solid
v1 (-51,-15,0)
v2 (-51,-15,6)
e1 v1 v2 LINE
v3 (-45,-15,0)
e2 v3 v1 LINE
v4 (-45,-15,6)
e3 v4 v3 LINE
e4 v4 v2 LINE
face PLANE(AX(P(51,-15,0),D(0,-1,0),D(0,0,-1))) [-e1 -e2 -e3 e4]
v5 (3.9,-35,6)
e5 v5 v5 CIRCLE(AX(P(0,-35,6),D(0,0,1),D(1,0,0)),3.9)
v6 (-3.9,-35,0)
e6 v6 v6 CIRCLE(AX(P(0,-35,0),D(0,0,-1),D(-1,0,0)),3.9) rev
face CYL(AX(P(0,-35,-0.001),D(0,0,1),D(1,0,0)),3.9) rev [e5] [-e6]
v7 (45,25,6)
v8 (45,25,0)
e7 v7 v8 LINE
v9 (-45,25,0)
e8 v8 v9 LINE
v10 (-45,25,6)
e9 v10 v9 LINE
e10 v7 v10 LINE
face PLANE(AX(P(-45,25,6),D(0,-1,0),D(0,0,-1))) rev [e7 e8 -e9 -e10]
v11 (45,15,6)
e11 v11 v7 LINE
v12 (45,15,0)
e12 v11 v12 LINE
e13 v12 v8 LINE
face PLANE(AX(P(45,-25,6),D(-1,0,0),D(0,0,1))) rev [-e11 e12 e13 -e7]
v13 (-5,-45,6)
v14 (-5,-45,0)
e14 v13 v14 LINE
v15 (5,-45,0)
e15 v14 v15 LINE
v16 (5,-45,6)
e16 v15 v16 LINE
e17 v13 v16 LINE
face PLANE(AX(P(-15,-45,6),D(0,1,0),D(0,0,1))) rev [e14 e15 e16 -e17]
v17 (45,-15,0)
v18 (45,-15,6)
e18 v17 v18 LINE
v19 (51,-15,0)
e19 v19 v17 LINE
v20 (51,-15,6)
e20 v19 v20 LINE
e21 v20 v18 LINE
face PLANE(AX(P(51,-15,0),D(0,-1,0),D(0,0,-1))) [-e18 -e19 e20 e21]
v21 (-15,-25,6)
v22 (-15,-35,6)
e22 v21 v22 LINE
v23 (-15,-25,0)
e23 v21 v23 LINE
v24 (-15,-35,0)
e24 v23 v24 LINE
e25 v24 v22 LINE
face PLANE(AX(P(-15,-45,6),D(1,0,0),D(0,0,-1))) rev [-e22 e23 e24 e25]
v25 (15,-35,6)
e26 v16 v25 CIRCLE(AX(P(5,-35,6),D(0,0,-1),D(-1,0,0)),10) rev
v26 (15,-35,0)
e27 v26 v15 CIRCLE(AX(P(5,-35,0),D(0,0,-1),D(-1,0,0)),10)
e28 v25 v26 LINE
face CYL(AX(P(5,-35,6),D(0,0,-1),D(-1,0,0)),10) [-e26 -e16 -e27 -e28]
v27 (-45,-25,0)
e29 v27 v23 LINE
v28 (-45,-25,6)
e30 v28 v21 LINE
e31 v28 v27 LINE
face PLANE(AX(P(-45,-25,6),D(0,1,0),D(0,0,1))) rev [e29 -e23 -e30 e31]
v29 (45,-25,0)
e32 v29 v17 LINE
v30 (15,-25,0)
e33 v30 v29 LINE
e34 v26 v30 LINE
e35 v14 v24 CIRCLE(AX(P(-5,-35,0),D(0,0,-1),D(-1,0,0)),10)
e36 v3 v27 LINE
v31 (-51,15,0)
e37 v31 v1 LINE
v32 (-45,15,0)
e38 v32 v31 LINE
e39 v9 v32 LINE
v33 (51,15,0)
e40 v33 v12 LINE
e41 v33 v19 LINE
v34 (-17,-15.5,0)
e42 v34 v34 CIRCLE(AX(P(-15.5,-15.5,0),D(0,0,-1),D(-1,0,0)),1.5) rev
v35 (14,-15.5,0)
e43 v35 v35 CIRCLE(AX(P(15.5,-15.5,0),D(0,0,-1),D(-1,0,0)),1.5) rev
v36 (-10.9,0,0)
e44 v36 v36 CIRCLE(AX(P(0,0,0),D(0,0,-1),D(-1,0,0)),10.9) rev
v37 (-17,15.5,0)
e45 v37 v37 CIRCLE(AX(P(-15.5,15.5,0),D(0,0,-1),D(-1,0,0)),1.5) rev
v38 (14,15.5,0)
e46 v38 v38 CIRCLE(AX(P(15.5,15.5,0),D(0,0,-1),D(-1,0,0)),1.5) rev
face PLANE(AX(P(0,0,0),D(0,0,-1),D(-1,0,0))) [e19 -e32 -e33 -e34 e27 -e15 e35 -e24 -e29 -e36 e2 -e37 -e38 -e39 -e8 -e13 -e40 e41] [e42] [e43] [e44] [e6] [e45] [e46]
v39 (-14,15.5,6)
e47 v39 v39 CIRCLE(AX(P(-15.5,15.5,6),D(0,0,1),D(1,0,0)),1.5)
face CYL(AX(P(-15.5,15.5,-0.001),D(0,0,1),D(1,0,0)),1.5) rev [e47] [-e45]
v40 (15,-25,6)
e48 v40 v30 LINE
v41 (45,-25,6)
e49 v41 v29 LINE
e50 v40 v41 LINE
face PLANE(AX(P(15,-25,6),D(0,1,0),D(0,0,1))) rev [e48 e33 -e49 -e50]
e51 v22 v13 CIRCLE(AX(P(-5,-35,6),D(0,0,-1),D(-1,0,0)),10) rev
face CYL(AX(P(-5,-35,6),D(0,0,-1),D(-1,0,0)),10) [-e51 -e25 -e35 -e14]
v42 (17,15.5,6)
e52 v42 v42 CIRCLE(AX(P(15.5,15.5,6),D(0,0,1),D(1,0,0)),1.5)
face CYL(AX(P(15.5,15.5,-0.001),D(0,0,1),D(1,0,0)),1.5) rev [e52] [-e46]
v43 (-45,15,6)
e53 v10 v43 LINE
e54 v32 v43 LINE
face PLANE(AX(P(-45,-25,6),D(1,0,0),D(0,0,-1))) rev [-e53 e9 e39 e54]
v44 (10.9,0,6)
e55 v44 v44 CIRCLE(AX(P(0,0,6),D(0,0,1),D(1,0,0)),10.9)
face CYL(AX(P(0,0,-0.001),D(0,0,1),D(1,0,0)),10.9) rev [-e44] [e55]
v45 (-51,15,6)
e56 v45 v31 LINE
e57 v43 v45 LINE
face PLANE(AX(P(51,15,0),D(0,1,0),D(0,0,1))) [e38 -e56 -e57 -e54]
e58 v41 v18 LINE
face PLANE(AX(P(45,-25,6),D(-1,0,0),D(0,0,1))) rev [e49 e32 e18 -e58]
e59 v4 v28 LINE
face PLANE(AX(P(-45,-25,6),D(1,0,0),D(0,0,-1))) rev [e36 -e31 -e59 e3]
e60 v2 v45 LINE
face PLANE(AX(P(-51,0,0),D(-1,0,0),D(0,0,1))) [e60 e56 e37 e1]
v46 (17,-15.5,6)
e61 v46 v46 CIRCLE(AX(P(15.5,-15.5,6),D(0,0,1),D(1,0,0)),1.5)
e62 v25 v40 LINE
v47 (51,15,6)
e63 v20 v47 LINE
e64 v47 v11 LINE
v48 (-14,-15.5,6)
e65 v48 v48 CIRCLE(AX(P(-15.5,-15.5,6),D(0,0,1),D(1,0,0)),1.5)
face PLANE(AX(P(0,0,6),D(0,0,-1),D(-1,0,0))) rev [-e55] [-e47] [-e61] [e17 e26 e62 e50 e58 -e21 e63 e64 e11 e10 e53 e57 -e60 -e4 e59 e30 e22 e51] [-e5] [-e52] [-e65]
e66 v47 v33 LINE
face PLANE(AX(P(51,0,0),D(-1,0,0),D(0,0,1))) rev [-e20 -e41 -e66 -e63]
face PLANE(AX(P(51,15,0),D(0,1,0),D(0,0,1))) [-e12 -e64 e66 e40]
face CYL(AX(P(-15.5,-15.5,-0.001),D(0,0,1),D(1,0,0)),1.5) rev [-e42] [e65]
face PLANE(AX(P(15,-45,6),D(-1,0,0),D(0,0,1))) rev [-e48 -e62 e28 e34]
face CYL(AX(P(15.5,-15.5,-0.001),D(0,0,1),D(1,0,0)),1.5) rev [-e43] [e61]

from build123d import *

# Parameters (mm, degrees)
SALIENTE_EXTRUIR1_DEPTH      = 6
CROQUIS2_W                   = 6
CROQUIS2_H                   = 30
SALIENTE_EXTRUIR2_DEPTH      = 6
SALIENTE_EXTRUIR2_DEPTH_BACK = 96
CORTAR_EXTRUIR1_REACH        = 8
CROQUIS3_R                   = 1.5
CROQUIS3_R_2                 = 10.9
CROQUIS3_R_3                 = 3.9
REDONDEO2_R                  = 10


with BuildPart() as part:
    # Croquis1 → Saliente-Extruir1 (new body)
    with BuildSketch(Plane.XY):
        Polygon((15, -25), (45, -25), (45, 25), (-45, 25), (-45, -25), (-15, -25), (-15, -45), (15, -45), align=None)
    extrude(amount=SALIENTE_EXTRUIR1_DEPTH)

    # Croquis2 → Saliente-Extruir2 (add, two sides)
    with BuildSketch(Plane.ZY.offset(45)) as saliente_extruir2_sk:
        with Locations((3, 0)):
            Rectangle(CROQUIS2_W, CROQUIS2_H)
    extrude(amount=SALIENTE_EXTRUIR2_DEPTH)
    extrude(saliente_extruir2_sk.sketch, amount=-SALIENTE_EXTRUIR2_DEPTH_BACK)

    # Croquis3 → Cortar-Extruir1 (cut, up to next)
    with BuildSketch(Plane.XY.offset(6), mode=Mode.PRIVATE) as cortar_extruir1_sk1:
        with Locations((-15.5, 15.5)):
            Circle(CROQUIS3_R)
    cortar_extruir1_tool1 = extrude(cortar_extruir1_sk1.sketch, amount=-CORTAR_EXTRUIR1_REACH, mode=Mode.PRIVATE) & part.part
    add(cortar_extruir1_tool1.solids().sort_by_distance((-15.5, 15.5, 6))[0], mode=Mode.SUBTRACT)
    # Croquis3 → Cortar-Extruir1 (cut, up to next)
    with BuildSketch(Plane.XY.offset(6), mode=Mode.PRIVATE) as cortar_extruir1_sk2:
        with Locations((15.5, 15.5)):
            Circle(CROQUIS3_R)
    cortar_extruir1_tool2 = extrude(cortar_extruir1_sk2.sketch, amount=-CORTAR_EXTRUIR1_REACH, mode=Mode.PRIVATE) & part.part
    add(cortar_extruir1_tool2.solids().sort_by_distance((15.5, 15.5, 6))[0], mode=Mode.SUBTRACT)
    # Croquis3 → Cortar-Extruir1 (cut, up to next)
    with BuildSketch(Plane.XY.offset(6), mode=Mode.PRIVATE) as cortar_extruir1_sk3:
        with Locations((15.5, -15.5)):
            Circle(CROQUIS3_R)
    cortar_extruir1_tool3 = extrude(cortar_extruir1_sk3.sketch, amount=-CORTAR_EXTRUIR1_REACH, mode=Mode.PRIVATE) & part.part
    add(cortar_extruir1_tool3.solids().sort_by_distance((15.5, -15.5, 6))[0], mode=Mode.SUBTRACT)
    # Croquis3 → Cortar-Extruir1 (cut, up to next)
    with BuildSketch(Plane.XY.offset(6), mode=Mode.PRIVATE) as cortar_extruir1_sk4:
        with Locations((-15.5, -15.5)):
            Circle(CROQUIS3_R)
    cortar_extruir1_tool4 = extrude(cortar_extruir1_sk4.sketch, amount=-CORTAR_EXTRUIR1_REACH, mode=Mode.PRIVATE) & part.part
    add(cortar_extruir1_tool4.solids().sort_by_distance((-15.5, -15.5, 6))[0], mode=Mode.SUBTRACT)
    # Croquis3 → Cortar-Extruir1 (cut, up to next)
    with BuildSketch(Plane.XY.offset(6), mode=Mode.PRIVATE) as cortar_extruir1_sk5:
        Circle(CROQUIS3_R_2)
    cortar_extruir1_tool5 = extrude(cortar_extruir1_sk5.sketch, amount=-CORTAR_EXTRUIR1_REACH, mode=Mode.PRIVATE) & part.part
    add(cortar_extruir1_tool5.solids().sort_by_distance((0, 0, 6))[0], mode=Mode.SUBTRACT)
    # Croquis3 → Cortar-Extruir1 (cut, up to next)
    with BuildSketch(Plane.XY.offset(6), mode=Mode.PRIVATE) as cortar_extruir1_sk6:
        with Locations((0, -35)):
            Circle(CROQUIS3_R_3)
    cortar_extruir1_tool6 = extrude(cortar_extruir1_sk6.sketch, amount=-CORTAR_EXTRUIR1_REACH, mode=Mode.PRIVATE) & part.part
    add(cortar_extruir1_tool6.solids().sort_by_distance((0, -35, 6))[0], mode=Mode.SUBTRACT)

    # Redondeo2
    redondeo2_edges = [part.edges().sort_by_distance(p)[0] for p in [
        (15, -45, 3),
        (-15, -45, 3),
    ]]
    fillet(redondeo2_edges, radius=REDONDEO2_R)


solid = part.part
